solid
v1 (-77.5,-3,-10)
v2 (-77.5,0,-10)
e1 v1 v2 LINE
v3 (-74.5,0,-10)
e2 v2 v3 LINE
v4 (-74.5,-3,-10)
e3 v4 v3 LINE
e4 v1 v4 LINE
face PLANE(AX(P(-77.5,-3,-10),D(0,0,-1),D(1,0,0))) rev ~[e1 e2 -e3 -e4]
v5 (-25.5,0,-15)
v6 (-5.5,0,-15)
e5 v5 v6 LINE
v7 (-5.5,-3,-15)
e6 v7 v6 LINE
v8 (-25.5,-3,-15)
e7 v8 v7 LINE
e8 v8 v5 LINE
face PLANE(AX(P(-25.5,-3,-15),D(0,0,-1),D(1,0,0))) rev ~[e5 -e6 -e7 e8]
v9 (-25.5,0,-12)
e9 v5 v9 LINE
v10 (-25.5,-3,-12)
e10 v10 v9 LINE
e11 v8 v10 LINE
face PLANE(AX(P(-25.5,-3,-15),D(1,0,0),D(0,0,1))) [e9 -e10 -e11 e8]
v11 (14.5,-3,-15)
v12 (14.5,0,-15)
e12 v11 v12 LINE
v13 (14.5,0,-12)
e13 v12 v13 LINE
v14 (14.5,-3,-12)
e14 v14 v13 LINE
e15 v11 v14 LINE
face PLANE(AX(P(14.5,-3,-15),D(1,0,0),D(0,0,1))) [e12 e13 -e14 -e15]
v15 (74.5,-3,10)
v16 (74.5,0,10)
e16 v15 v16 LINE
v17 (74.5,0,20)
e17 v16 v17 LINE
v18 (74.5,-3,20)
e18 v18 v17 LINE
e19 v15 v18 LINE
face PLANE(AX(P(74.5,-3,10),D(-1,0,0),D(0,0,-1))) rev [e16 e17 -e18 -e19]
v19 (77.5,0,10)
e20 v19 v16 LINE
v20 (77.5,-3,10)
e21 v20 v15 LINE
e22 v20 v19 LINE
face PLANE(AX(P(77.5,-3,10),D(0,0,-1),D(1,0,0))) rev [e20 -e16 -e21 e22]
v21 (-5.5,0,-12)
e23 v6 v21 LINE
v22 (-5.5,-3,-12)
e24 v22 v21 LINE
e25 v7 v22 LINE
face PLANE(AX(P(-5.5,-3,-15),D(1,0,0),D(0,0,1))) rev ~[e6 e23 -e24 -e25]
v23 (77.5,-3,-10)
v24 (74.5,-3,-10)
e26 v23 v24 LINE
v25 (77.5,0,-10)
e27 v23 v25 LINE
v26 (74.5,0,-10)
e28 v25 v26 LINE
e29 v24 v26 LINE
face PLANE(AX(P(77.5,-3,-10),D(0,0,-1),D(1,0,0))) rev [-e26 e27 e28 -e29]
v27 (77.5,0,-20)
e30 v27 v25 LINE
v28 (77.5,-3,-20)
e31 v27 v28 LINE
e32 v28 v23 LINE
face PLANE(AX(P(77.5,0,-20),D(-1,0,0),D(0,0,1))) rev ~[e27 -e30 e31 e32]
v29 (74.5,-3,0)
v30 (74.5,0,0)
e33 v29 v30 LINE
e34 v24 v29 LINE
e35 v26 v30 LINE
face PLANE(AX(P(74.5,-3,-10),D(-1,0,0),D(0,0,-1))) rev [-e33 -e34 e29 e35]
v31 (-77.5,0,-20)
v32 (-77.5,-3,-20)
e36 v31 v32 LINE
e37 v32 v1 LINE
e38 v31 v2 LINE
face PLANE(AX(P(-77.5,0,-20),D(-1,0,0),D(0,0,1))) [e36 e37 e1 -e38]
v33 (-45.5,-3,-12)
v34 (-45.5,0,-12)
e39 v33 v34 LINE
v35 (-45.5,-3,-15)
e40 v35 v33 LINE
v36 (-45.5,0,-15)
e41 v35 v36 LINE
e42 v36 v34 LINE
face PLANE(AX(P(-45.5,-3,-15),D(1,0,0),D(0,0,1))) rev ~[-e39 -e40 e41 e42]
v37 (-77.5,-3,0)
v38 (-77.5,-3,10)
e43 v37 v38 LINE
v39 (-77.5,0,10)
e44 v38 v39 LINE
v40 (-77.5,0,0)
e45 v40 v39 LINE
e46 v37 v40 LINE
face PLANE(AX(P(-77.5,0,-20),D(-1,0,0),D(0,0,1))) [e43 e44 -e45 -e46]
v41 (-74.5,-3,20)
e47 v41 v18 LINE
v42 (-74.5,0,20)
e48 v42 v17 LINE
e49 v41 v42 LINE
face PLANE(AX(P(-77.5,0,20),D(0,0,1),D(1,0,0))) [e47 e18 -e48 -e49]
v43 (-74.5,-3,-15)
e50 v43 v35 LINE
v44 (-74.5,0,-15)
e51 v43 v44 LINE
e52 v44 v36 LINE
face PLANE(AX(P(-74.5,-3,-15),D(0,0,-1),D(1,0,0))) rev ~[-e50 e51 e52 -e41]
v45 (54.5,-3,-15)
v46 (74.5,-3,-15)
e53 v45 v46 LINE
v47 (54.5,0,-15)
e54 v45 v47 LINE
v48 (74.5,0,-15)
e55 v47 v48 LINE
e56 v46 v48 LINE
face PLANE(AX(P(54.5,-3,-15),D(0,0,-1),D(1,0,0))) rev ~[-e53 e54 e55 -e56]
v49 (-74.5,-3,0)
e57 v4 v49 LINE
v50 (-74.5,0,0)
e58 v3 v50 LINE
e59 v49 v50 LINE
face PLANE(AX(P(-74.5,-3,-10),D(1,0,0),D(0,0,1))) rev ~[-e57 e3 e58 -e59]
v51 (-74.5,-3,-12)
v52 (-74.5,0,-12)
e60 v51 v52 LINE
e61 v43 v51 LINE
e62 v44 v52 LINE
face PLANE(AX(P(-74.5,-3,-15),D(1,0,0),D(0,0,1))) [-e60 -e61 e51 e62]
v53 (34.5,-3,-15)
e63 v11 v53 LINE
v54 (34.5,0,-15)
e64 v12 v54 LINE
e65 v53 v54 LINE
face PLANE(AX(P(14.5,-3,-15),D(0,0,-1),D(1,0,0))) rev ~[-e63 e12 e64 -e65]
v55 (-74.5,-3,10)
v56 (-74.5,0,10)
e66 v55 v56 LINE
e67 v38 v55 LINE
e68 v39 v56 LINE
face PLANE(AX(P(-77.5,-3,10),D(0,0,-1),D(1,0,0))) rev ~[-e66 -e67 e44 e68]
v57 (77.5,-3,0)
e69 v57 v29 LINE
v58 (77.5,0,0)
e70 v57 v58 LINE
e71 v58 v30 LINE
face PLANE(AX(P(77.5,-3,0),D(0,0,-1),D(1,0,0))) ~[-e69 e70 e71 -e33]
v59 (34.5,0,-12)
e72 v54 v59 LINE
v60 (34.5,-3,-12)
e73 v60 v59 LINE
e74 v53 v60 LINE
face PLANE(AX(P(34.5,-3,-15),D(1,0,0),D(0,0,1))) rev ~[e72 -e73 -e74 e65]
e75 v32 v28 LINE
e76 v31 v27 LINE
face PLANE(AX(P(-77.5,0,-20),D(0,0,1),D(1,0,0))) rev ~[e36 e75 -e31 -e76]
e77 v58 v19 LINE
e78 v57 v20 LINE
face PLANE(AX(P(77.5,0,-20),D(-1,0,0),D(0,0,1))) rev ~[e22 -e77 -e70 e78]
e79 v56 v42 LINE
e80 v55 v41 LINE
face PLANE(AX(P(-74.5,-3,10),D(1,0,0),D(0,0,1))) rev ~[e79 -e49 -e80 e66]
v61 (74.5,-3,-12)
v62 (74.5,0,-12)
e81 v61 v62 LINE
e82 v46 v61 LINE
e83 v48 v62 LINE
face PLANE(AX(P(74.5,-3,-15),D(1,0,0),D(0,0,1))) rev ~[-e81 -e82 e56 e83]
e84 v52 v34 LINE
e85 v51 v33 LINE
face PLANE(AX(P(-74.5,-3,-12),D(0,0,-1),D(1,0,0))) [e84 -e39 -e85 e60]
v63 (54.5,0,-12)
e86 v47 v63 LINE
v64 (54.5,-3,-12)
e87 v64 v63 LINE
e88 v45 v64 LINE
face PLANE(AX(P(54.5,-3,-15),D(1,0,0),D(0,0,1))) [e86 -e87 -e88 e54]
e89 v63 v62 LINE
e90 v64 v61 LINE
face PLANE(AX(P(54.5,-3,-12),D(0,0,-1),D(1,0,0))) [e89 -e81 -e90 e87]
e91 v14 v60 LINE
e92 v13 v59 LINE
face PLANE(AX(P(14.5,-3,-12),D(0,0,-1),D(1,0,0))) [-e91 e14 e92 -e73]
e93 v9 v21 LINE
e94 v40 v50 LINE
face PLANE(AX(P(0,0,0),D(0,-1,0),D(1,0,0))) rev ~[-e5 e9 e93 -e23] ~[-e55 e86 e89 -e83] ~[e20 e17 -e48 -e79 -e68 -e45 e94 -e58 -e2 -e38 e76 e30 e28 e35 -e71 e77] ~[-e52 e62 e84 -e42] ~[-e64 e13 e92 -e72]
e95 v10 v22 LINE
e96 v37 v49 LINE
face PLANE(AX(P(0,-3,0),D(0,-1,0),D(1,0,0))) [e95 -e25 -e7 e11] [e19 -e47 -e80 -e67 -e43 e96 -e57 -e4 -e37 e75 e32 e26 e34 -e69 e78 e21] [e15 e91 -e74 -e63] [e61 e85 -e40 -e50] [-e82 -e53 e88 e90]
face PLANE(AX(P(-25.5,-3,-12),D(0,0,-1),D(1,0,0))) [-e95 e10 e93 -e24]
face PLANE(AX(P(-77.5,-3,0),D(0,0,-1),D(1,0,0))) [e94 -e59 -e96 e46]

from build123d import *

# Parameters (mm, degrees)
SKETCH_W        = 155
SKETCH_H        = 40
PAD_DEPTH       = 3
SKETCH001_W     = 20
SKETCH001_H     = 3
SKETCH001_W_2   = 29
POCKET_DEPTH    = 3.001
SKETCH002_W     = 3
SKETCH002_H     = 10
POCKET001_DEPTH = 323.213429


with BuildPart() as part:
    # Sketch → Pad (new body)
    with BuildSketch(Plane.XZ):
        Rectangle(SKETCH_W, SKETCH_H)
    extrude(amount=PAD_DEPTH)

    # Sketch001 (on Face6 of Pad) → Pocket (cut, through all)
    with BuildSketch(Plane.XZ.offset(3)):
        with Locations((64.5, -13.5)):
            Rectangle(SKETCH001_W, SKETCH001_H)
        with Locations((24.5, -13.5)):
            Rectangle(SKETCH001_W, SKETCH001_H)
        with Locations((-15.5, -13.5)):
            Rectangle(SKETCH001_W, SKETCH001_H)
        with Locations((-60, -13.5)):
            Rectangle(SKETCH001_W_2, SKETCH001_H)
    extrude(amount=-POCKET_DEPTH, mode=Mode.SUBTRACT)

    # Sketch002 (on Face5 of Pocket) → Pocket001 (cut, through all)
    with BuildSketch(Plane.XZ.offset(3)):
        with Locations((-76, 15)):
            Rectangle(SKETCH002_W, SKETCH002_H)
        with Locations((-76, -5)):
            Rectangle(SKETCH002_W, SKETCH002_H)
    pocket001 = extrude(amount=-POCKET001_DEPTH, mode=Mode.SUBTRACT)

    # Mirrored: Pocket001 across Sketch002 V_Axis
    add(pocket001.mirror(Plane(origin=(0, -3, 0), x_dir=(0, -1, 0), z_dir=(1, 0, 0))), mode=Mode.SUBTRACT)


solid = part.part
